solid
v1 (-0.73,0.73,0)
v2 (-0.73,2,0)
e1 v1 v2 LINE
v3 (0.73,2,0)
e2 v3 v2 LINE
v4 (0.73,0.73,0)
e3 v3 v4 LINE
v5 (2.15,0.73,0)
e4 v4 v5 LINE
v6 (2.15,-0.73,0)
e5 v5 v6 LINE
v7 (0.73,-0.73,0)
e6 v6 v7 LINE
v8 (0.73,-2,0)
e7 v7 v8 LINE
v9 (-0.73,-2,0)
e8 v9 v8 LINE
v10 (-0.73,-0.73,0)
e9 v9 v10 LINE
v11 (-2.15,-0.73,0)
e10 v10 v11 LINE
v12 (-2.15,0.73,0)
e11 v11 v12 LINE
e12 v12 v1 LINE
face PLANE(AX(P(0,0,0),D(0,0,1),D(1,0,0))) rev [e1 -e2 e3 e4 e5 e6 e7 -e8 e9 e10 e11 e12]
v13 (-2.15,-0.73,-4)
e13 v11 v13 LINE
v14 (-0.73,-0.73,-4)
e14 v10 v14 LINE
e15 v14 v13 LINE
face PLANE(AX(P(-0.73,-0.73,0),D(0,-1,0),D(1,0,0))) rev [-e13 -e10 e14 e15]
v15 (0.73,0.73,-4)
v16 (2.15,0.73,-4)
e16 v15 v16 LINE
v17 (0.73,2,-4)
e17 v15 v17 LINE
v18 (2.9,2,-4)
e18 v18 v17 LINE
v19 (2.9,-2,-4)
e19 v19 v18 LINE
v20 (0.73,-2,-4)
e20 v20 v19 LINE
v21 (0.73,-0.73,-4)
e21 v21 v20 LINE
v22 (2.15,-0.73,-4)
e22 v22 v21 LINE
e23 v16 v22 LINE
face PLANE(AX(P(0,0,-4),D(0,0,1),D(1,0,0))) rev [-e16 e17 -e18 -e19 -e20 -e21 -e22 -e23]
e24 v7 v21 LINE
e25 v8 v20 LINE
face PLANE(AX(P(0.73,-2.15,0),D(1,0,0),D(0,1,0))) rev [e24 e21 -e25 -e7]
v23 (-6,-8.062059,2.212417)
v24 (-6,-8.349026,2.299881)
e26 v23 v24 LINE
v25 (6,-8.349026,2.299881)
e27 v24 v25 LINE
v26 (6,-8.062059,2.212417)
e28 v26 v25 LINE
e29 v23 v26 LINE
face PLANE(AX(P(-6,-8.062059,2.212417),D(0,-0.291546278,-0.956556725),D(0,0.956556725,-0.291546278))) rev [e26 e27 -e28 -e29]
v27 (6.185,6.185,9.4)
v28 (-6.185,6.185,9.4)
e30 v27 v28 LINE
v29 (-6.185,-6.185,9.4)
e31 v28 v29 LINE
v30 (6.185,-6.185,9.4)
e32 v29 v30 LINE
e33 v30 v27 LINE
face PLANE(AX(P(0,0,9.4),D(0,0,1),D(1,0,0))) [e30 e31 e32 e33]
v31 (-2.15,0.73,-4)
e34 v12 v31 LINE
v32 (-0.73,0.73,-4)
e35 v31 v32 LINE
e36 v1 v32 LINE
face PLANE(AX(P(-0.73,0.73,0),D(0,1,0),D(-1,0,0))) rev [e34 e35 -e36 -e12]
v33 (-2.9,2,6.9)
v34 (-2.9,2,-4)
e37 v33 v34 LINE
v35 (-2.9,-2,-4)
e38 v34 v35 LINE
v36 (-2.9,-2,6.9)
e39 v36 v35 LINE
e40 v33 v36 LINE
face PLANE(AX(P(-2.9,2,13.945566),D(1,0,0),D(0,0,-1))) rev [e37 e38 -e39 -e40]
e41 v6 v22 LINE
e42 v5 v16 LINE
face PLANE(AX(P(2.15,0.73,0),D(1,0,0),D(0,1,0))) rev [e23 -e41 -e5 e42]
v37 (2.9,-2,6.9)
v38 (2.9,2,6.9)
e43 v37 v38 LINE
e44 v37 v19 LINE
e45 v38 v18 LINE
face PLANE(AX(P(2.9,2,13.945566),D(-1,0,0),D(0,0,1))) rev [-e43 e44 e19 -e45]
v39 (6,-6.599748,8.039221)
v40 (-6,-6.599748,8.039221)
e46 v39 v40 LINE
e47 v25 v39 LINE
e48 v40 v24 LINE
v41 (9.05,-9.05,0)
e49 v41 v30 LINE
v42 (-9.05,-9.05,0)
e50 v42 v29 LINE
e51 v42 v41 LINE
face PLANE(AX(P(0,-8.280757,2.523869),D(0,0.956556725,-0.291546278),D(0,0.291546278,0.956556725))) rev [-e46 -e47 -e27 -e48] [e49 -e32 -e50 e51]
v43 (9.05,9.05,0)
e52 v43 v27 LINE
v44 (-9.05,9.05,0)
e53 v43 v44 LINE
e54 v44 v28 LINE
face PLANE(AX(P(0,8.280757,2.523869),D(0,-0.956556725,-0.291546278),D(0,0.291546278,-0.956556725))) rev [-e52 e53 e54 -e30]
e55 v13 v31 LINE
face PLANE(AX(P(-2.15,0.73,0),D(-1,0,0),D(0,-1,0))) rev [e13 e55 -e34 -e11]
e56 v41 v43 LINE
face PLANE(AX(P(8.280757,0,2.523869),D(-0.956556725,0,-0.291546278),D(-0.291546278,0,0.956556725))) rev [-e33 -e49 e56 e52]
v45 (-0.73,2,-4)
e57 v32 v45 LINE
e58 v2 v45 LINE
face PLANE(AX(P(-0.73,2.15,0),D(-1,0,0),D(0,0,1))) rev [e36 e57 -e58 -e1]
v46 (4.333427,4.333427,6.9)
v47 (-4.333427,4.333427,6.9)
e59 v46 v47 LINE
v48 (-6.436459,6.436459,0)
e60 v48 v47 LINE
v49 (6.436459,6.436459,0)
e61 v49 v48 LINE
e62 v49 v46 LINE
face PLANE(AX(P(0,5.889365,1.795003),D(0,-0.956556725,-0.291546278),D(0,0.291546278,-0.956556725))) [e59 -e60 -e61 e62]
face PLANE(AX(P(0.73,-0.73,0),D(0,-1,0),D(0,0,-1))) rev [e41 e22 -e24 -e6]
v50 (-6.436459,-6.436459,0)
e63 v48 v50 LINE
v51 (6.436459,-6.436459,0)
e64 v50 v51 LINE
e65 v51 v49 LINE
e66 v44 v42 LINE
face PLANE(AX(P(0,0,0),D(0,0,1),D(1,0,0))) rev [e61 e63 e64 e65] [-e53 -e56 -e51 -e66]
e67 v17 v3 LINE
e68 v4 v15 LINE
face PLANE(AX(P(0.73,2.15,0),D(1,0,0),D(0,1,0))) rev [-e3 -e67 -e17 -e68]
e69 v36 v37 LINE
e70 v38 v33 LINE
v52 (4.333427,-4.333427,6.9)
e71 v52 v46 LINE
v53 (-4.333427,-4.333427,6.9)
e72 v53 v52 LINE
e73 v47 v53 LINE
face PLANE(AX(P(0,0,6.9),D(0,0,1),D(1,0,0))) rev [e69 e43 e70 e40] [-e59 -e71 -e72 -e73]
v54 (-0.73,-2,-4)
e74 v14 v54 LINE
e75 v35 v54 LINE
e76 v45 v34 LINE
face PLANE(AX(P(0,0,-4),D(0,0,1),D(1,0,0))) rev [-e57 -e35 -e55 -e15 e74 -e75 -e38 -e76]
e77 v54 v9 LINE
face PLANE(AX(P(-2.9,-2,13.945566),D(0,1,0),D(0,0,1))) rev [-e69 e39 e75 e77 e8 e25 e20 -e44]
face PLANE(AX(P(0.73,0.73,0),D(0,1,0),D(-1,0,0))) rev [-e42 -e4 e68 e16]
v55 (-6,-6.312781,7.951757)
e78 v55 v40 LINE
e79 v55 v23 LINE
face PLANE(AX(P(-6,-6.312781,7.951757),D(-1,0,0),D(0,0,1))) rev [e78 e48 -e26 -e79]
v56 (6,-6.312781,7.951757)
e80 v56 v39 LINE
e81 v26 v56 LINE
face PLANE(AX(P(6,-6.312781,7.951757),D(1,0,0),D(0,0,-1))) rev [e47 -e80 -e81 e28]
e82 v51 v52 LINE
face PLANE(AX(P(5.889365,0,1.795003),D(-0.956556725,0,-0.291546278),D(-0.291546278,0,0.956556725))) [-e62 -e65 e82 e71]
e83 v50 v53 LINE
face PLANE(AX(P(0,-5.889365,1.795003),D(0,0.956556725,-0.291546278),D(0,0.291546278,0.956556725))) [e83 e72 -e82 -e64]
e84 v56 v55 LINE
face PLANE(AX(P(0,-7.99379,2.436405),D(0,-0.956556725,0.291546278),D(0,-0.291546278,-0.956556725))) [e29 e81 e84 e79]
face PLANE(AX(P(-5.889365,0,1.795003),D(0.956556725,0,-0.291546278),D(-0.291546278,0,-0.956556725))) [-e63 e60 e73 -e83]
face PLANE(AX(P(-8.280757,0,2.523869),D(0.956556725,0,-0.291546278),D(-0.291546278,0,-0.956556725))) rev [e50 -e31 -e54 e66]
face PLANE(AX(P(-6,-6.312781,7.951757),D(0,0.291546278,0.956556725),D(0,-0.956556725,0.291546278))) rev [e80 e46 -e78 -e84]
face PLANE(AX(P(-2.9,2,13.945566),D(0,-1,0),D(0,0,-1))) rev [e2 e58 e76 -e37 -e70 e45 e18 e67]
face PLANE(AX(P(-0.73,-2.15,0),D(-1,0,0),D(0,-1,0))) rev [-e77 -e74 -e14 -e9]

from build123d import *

# Parameters (mm, degrees)
SHELL4_T            = -2.5
SKETCH5_W           = 5.8
SKETCH5_H           = 4
BOSS_EXTRUDE1_DEPTH = 10.9
CUT_EXTRUDE3_DEPTH  = 4
SKETCH7_W           = 12
SKETCH7_H           = 6
CUT_EXTRUDE4_DEPTH  = 0.3


with BuildPart() as part:
    # Sketch1 → Loft2 section 0
    with BuildSketch(Plane.XY):
        with BuildLine():
            Line((-9.05, 9.05), (9.05, 9.05))
            Line((9.05, 9.05), (9.05, -9.05))
            Line((9.05, -9.05), (-9.05, -9.05))
            Line((-9.05, -9.05), (-9.05, 9.05))
        make_face()
    # Sketch2 → Loft2 section 1
    with BuildSketch(Plane.XY.offset(9.4)):
        with BuildLine():
            Line((-6.185, 6.185), (6.185, 6.185))
            Line((6.185, 6.185), (6.185, -6.185))
            Line((6.185, -6.185), (-6.185, -6.185))
            Line((-6.185, -6.185), (-6.185, 6.185))
        make_face()
    loft()

    # Shell4
    shell4_openings = [part.faces().sort_by_distance(p)[0] for p in [
        (0, 0, 0),
    ]]
    offset(amount=SHELL4_T, openings=shell4_openings, kind=Kind.INTERSECTION)

    # Sketch5 → Boss-Extrude1 (add)
    with BuildSketch(Plane.XY.offset(-4)):
        Rectangle(SKETCH5_W, SKETCH5_H)
    extrude(amount=BOSS_EXTRUDE1_DEPTH)

    # Sketch6 → Cut-Extrude3 (cut)
    with BuildSketch(Plane(origin=(0, 0, -4), x_dir=(-1, 0, 0), z_dir=(0, 0, -1))):
        Polygon((0.73, 2.15), (-0.73, 2.15), (-0.73, 0.73), (-2.15, 0.73), (-2.15, -0.73), (-0.73, -0.73), (-0.73, -2.15), (0.73, -2.15), (0.73, -0.73), (2.15, -0.73), (2.15, 0.73), (0.73, 0.73), align=None)
    extrude(amount=-CUT_EXTRUDE3_DEPTH, mode=Mode.SUBTRACT)

    # Sketch7 → Cut-Extrude4 (cut)
    with BuildSketch(Plane(origin=(0, -8.280756947, 2.523869006), x_dir=(1, 0, 0), z_dir=(0, -0.9565567247121477, 0.2915462783298196))):
        with Locations((0, 2.765838851)):
            Rectangle(SKETCH7_W, SKETCH7_H)
    extrude(amount=-CUT_EXTRUDE4_DEPTH, mode=Mode.SUBTRACT)


solid = part.part
